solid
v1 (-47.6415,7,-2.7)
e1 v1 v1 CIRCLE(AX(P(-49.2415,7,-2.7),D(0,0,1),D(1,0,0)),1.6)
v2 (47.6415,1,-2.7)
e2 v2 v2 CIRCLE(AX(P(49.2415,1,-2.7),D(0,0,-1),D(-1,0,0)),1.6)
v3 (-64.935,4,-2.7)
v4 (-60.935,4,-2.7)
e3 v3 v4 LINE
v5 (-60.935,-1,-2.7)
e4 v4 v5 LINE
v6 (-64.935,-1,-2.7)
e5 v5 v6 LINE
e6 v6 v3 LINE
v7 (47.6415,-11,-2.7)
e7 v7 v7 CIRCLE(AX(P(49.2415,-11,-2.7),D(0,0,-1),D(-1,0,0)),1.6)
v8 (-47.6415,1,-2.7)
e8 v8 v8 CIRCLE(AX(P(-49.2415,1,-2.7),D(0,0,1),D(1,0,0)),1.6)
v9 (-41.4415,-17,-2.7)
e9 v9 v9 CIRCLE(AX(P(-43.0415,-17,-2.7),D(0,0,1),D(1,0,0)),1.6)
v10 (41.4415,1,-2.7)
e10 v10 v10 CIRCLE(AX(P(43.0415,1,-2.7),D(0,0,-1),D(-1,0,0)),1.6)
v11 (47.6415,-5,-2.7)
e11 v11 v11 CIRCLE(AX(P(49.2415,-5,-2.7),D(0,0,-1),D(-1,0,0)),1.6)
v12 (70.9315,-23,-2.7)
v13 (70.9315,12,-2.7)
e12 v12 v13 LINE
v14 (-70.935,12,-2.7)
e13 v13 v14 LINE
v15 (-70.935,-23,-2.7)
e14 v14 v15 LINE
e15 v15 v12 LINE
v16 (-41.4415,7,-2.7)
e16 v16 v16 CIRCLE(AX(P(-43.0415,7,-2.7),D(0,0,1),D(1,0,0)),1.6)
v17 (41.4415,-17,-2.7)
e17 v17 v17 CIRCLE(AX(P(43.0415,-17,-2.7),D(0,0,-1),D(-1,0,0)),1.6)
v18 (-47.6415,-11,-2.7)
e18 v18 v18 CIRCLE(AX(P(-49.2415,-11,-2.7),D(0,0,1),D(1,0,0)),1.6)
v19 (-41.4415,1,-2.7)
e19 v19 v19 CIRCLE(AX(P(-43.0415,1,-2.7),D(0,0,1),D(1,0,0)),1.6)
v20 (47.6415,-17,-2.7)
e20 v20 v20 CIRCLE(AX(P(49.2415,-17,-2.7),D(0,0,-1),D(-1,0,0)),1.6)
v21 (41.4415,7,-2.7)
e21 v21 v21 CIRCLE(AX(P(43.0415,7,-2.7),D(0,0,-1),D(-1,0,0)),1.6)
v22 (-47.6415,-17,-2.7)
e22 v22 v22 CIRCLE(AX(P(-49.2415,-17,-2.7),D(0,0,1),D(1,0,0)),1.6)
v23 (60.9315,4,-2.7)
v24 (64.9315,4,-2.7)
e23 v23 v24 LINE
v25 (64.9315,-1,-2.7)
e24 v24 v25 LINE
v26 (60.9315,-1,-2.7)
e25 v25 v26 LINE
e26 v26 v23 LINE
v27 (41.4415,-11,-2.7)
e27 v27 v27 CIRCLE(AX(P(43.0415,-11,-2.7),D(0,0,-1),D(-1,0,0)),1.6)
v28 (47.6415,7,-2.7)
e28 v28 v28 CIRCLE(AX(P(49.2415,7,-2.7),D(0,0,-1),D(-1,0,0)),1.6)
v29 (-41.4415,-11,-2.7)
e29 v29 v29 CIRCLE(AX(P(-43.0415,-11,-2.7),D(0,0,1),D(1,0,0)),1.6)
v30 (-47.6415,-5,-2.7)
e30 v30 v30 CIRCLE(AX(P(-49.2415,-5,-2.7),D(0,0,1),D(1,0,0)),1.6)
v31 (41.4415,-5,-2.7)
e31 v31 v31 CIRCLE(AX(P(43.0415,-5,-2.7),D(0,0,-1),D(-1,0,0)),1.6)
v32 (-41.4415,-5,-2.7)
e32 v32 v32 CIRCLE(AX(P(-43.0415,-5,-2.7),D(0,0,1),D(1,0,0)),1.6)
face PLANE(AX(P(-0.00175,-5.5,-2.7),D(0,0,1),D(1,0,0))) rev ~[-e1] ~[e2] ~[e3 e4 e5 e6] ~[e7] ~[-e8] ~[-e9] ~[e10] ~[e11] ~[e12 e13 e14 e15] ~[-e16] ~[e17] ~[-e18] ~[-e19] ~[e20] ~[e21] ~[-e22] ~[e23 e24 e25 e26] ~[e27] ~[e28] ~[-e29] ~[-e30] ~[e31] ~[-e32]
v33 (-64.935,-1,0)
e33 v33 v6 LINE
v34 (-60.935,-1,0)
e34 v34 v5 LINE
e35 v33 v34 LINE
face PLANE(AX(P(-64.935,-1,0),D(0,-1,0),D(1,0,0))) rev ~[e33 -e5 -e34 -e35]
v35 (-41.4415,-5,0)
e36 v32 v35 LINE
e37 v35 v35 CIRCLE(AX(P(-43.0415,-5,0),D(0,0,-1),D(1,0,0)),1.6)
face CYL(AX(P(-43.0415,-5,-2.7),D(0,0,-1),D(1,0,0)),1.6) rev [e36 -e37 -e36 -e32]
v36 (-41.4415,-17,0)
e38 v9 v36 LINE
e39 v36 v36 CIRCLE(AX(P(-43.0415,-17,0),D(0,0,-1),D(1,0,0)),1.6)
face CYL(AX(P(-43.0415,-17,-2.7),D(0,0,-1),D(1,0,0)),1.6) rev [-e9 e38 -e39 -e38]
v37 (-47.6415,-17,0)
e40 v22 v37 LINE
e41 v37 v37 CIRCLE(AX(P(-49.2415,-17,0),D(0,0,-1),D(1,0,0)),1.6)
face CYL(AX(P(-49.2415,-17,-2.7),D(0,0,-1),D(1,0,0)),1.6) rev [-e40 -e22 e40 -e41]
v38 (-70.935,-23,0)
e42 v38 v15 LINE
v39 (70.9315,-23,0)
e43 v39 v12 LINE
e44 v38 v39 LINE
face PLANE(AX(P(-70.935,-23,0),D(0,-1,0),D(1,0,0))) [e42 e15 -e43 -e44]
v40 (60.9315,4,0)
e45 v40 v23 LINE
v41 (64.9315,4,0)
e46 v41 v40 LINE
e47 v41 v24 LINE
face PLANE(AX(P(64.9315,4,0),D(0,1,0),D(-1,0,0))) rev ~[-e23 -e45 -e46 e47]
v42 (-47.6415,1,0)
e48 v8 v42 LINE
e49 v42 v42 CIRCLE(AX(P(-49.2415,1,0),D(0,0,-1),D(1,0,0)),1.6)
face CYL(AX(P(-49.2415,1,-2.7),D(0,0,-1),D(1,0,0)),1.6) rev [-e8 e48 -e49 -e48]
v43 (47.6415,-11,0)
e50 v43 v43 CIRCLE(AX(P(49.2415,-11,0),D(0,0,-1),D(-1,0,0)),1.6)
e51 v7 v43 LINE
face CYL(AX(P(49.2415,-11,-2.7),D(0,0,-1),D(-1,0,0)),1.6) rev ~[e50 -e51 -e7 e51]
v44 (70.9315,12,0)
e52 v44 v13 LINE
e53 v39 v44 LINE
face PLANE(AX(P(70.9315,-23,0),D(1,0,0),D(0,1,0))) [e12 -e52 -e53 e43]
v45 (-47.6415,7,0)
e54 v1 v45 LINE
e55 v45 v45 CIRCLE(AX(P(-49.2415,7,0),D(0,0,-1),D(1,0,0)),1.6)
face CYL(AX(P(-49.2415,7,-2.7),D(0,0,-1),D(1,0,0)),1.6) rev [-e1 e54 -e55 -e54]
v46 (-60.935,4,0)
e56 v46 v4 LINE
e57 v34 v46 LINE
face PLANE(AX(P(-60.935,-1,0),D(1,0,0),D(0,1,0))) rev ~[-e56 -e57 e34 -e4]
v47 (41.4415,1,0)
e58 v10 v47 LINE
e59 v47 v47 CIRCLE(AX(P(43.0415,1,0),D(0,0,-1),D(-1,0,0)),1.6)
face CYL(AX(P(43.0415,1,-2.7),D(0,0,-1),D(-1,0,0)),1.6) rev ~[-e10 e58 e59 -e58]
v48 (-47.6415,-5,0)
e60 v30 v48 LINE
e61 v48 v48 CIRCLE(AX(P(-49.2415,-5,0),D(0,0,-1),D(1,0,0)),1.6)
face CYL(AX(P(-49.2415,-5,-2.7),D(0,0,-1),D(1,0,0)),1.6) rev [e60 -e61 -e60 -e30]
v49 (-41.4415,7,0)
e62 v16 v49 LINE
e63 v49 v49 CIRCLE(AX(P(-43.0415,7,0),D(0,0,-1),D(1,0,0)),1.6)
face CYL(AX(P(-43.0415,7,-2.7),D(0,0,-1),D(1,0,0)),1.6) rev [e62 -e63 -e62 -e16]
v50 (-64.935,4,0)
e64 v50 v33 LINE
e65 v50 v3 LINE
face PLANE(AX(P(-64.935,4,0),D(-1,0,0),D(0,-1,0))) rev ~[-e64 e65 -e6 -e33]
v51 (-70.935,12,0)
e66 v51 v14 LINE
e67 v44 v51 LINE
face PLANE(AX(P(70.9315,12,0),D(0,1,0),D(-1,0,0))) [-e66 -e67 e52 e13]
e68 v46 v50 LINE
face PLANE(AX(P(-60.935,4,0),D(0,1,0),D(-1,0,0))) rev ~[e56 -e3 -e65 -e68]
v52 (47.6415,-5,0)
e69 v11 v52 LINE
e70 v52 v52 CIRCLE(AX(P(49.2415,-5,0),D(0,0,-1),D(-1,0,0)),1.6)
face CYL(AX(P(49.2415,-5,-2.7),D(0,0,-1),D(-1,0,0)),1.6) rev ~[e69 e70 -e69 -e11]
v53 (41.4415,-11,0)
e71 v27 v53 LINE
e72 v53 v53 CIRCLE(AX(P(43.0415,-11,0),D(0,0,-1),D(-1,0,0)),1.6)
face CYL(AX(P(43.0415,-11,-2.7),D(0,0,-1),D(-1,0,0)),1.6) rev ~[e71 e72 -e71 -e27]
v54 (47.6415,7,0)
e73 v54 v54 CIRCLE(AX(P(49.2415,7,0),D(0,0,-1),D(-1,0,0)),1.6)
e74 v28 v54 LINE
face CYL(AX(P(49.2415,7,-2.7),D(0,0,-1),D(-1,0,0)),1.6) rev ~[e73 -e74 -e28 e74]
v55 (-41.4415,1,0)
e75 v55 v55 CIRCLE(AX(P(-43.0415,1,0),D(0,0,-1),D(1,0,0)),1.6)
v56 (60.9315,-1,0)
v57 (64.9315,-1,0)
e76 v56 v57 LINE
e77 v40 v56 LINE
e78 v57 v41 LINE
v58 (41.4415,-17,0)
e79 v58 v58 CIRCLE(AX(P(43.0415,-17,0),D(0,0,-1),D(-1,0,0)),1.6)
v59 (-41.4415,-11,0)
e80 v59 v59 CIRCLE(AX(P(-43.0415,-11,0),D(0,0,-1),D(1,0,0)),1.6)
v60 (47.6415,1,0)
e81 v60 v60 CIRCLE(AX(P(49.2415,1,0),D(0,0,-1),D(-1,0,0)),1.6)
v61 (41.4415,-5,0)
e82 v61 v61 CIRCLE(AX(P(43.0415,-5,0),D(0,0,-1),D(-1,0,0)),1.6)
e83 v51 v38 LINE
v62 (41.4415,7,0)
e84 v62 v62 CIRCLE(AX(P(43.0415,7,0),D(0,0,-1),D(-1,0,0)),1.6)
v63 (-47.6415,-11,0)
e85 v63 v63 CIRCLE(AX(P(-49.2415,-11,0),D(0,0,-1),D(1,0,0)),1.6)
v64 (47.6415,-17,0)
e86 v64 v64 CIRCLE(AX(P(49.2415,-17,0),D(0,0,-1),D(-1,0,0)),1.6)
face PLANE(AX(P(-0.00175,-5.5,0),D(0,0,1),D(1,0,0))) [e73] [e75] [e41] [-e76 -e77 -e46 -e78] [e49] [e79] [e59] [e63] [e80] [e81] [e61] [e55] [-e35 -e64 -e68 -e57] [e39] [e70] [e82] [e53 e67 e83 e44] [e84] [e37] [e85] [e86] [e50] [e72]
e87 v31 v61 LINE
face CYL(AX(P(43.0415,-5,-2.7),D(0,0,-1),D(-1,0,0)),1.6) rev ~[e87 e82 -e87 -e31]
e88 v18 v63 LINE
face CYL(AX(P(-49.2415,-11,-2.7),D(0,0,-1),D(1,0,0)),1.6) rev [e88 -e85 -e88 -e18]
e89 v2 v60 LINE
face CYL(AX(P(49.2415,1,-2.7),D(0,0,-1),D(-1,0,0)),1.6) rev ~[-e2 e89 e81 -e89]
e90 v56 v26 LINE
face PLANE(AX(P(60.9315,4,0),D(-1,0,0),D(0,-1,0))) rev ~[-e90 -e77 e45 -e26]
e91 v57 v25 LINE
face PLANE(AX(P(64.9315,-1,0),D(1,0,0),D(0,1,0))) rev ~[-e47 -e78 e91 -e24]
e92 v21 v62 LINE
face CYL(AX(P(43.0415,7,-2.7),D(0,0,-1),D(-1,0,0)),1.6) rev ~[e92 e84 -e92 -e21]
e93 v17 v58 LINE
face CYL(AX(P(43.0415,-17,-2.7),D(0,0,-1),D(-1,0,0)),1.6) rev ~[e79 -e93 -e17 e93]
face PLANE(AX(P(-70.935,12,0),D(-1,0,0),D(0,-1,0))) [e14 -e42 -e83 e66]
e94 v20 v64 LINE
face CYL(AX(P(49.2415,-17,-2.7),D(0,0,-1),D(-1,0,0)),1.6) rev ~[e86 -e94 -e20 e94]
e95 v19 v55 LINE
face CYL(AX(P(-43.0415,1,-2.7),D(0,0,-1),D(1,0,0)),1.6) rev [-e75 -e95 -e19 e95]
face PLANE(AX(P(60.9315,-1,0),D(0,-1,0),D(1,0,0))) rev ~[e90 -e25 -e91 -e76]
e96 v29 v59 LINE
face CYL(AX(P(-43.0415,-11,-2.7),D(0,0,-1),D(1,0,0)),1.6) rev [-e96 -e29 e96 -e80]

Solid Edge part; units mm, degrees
sketch "Sketch1" plane through (0, 0, 0) normal (0, 0, 1) x (1, 0, 0)
  line L0 (70.9315, 12) -> (-70.935, 12)
  line L1 (-70.935, 12) -> (-70.935, -23)
  line L2 (-70.935, -23) -> (70.9315, -23)
  line L3 (70.9315, -23) -> (70.9315, 12)
extrude "Protrusion1" add sketch "Sketch1" against normal blind 2.7
sketch "Sketch2" plane through (0, -5.5, -2.7) normal (0, 0, -1) x (-1, 0, 0)
  circle A0 centre (-49.2415, 12.5) radius 1.6
  circle A1 centre (-43.0415, 12.5) radius 1.6
  circle A2 centre (-49.2415, 6.5) radius 1.6
  circle A3 centre (-43.0415, 6.5) radius 1.6
  circle A4 centre (-49.2415, 0.5) radius 1.6
  circle A5 centre (-43.0415, 0.5) radius 1.6
  circle A6 centre (-49.2415, -5.5) radius 1.6
  circle A7 centre (-49.2415, -11.5) radius 1.6
  circle A8 centre (-43.0415, -5.5) radius 1.6
  circle A9 centre (-43.0415, -11.5) radius 1.6
  dimension "D1" = 3.2
  dimension "D2" = 3.2
  dimension "D3" = 3.2
  dimension "D4" = 3.2
  dimension "D5" = 12
  dimension "D6" = 6.2
  dimension "D7" = 5
  dimension "D8" = 21.69
  dimension "D9" = 6.2
  dimension "D10" = 6
  dimension "D11" = 6.2
  dimension "D12" = 6.2
  dimension "D13" = 6
  dimension "D14" = 6
extrude "Cutout1" cut sketch "Sketch2" against normal through all
mirror "Mirror1" about plane through (0, 0, 0) normal (1, 0, 0) of "Cutout1"
sketch "Sketch3" plane through (0, 0, 0) normal (0, 0, 1) x (1, 0, 0)
  line L0 (-64.935, 4) -> (-64.935, -1)
  line L1 (-64.935, -1) -> (-60.935, -1)
  line L2 (-60.935, -1) -> (-60.935, 4)
  line L3 (-60.935, 4) -> (-64.935, 4)
  line L4 (60.9315, -1) -> (64.9315, -1)
  line L5 (64.9315, -1) -> (64.9315, 4)
  line L6 (64.9315, 4) -> (60.9315, 4)
  line L7 (60.9315, 4) -> (60.9315, -1)
  dimension "D1" = 35
  dimension "D2" = 141.8665
  dimension "D3" = 5
  dimension "D4" = 5
  dimension "D5" = 4
  dimension "D6" = 4
  dimension "D7" = 23
  dimension "D8" = 6
  dimension "D9" = 8
  dimension "D10" = 8
  dimension "D11" = 6
extrude "Cutout2" cut sketch "Sketch3" against normal up to next
properties material "MDF"
